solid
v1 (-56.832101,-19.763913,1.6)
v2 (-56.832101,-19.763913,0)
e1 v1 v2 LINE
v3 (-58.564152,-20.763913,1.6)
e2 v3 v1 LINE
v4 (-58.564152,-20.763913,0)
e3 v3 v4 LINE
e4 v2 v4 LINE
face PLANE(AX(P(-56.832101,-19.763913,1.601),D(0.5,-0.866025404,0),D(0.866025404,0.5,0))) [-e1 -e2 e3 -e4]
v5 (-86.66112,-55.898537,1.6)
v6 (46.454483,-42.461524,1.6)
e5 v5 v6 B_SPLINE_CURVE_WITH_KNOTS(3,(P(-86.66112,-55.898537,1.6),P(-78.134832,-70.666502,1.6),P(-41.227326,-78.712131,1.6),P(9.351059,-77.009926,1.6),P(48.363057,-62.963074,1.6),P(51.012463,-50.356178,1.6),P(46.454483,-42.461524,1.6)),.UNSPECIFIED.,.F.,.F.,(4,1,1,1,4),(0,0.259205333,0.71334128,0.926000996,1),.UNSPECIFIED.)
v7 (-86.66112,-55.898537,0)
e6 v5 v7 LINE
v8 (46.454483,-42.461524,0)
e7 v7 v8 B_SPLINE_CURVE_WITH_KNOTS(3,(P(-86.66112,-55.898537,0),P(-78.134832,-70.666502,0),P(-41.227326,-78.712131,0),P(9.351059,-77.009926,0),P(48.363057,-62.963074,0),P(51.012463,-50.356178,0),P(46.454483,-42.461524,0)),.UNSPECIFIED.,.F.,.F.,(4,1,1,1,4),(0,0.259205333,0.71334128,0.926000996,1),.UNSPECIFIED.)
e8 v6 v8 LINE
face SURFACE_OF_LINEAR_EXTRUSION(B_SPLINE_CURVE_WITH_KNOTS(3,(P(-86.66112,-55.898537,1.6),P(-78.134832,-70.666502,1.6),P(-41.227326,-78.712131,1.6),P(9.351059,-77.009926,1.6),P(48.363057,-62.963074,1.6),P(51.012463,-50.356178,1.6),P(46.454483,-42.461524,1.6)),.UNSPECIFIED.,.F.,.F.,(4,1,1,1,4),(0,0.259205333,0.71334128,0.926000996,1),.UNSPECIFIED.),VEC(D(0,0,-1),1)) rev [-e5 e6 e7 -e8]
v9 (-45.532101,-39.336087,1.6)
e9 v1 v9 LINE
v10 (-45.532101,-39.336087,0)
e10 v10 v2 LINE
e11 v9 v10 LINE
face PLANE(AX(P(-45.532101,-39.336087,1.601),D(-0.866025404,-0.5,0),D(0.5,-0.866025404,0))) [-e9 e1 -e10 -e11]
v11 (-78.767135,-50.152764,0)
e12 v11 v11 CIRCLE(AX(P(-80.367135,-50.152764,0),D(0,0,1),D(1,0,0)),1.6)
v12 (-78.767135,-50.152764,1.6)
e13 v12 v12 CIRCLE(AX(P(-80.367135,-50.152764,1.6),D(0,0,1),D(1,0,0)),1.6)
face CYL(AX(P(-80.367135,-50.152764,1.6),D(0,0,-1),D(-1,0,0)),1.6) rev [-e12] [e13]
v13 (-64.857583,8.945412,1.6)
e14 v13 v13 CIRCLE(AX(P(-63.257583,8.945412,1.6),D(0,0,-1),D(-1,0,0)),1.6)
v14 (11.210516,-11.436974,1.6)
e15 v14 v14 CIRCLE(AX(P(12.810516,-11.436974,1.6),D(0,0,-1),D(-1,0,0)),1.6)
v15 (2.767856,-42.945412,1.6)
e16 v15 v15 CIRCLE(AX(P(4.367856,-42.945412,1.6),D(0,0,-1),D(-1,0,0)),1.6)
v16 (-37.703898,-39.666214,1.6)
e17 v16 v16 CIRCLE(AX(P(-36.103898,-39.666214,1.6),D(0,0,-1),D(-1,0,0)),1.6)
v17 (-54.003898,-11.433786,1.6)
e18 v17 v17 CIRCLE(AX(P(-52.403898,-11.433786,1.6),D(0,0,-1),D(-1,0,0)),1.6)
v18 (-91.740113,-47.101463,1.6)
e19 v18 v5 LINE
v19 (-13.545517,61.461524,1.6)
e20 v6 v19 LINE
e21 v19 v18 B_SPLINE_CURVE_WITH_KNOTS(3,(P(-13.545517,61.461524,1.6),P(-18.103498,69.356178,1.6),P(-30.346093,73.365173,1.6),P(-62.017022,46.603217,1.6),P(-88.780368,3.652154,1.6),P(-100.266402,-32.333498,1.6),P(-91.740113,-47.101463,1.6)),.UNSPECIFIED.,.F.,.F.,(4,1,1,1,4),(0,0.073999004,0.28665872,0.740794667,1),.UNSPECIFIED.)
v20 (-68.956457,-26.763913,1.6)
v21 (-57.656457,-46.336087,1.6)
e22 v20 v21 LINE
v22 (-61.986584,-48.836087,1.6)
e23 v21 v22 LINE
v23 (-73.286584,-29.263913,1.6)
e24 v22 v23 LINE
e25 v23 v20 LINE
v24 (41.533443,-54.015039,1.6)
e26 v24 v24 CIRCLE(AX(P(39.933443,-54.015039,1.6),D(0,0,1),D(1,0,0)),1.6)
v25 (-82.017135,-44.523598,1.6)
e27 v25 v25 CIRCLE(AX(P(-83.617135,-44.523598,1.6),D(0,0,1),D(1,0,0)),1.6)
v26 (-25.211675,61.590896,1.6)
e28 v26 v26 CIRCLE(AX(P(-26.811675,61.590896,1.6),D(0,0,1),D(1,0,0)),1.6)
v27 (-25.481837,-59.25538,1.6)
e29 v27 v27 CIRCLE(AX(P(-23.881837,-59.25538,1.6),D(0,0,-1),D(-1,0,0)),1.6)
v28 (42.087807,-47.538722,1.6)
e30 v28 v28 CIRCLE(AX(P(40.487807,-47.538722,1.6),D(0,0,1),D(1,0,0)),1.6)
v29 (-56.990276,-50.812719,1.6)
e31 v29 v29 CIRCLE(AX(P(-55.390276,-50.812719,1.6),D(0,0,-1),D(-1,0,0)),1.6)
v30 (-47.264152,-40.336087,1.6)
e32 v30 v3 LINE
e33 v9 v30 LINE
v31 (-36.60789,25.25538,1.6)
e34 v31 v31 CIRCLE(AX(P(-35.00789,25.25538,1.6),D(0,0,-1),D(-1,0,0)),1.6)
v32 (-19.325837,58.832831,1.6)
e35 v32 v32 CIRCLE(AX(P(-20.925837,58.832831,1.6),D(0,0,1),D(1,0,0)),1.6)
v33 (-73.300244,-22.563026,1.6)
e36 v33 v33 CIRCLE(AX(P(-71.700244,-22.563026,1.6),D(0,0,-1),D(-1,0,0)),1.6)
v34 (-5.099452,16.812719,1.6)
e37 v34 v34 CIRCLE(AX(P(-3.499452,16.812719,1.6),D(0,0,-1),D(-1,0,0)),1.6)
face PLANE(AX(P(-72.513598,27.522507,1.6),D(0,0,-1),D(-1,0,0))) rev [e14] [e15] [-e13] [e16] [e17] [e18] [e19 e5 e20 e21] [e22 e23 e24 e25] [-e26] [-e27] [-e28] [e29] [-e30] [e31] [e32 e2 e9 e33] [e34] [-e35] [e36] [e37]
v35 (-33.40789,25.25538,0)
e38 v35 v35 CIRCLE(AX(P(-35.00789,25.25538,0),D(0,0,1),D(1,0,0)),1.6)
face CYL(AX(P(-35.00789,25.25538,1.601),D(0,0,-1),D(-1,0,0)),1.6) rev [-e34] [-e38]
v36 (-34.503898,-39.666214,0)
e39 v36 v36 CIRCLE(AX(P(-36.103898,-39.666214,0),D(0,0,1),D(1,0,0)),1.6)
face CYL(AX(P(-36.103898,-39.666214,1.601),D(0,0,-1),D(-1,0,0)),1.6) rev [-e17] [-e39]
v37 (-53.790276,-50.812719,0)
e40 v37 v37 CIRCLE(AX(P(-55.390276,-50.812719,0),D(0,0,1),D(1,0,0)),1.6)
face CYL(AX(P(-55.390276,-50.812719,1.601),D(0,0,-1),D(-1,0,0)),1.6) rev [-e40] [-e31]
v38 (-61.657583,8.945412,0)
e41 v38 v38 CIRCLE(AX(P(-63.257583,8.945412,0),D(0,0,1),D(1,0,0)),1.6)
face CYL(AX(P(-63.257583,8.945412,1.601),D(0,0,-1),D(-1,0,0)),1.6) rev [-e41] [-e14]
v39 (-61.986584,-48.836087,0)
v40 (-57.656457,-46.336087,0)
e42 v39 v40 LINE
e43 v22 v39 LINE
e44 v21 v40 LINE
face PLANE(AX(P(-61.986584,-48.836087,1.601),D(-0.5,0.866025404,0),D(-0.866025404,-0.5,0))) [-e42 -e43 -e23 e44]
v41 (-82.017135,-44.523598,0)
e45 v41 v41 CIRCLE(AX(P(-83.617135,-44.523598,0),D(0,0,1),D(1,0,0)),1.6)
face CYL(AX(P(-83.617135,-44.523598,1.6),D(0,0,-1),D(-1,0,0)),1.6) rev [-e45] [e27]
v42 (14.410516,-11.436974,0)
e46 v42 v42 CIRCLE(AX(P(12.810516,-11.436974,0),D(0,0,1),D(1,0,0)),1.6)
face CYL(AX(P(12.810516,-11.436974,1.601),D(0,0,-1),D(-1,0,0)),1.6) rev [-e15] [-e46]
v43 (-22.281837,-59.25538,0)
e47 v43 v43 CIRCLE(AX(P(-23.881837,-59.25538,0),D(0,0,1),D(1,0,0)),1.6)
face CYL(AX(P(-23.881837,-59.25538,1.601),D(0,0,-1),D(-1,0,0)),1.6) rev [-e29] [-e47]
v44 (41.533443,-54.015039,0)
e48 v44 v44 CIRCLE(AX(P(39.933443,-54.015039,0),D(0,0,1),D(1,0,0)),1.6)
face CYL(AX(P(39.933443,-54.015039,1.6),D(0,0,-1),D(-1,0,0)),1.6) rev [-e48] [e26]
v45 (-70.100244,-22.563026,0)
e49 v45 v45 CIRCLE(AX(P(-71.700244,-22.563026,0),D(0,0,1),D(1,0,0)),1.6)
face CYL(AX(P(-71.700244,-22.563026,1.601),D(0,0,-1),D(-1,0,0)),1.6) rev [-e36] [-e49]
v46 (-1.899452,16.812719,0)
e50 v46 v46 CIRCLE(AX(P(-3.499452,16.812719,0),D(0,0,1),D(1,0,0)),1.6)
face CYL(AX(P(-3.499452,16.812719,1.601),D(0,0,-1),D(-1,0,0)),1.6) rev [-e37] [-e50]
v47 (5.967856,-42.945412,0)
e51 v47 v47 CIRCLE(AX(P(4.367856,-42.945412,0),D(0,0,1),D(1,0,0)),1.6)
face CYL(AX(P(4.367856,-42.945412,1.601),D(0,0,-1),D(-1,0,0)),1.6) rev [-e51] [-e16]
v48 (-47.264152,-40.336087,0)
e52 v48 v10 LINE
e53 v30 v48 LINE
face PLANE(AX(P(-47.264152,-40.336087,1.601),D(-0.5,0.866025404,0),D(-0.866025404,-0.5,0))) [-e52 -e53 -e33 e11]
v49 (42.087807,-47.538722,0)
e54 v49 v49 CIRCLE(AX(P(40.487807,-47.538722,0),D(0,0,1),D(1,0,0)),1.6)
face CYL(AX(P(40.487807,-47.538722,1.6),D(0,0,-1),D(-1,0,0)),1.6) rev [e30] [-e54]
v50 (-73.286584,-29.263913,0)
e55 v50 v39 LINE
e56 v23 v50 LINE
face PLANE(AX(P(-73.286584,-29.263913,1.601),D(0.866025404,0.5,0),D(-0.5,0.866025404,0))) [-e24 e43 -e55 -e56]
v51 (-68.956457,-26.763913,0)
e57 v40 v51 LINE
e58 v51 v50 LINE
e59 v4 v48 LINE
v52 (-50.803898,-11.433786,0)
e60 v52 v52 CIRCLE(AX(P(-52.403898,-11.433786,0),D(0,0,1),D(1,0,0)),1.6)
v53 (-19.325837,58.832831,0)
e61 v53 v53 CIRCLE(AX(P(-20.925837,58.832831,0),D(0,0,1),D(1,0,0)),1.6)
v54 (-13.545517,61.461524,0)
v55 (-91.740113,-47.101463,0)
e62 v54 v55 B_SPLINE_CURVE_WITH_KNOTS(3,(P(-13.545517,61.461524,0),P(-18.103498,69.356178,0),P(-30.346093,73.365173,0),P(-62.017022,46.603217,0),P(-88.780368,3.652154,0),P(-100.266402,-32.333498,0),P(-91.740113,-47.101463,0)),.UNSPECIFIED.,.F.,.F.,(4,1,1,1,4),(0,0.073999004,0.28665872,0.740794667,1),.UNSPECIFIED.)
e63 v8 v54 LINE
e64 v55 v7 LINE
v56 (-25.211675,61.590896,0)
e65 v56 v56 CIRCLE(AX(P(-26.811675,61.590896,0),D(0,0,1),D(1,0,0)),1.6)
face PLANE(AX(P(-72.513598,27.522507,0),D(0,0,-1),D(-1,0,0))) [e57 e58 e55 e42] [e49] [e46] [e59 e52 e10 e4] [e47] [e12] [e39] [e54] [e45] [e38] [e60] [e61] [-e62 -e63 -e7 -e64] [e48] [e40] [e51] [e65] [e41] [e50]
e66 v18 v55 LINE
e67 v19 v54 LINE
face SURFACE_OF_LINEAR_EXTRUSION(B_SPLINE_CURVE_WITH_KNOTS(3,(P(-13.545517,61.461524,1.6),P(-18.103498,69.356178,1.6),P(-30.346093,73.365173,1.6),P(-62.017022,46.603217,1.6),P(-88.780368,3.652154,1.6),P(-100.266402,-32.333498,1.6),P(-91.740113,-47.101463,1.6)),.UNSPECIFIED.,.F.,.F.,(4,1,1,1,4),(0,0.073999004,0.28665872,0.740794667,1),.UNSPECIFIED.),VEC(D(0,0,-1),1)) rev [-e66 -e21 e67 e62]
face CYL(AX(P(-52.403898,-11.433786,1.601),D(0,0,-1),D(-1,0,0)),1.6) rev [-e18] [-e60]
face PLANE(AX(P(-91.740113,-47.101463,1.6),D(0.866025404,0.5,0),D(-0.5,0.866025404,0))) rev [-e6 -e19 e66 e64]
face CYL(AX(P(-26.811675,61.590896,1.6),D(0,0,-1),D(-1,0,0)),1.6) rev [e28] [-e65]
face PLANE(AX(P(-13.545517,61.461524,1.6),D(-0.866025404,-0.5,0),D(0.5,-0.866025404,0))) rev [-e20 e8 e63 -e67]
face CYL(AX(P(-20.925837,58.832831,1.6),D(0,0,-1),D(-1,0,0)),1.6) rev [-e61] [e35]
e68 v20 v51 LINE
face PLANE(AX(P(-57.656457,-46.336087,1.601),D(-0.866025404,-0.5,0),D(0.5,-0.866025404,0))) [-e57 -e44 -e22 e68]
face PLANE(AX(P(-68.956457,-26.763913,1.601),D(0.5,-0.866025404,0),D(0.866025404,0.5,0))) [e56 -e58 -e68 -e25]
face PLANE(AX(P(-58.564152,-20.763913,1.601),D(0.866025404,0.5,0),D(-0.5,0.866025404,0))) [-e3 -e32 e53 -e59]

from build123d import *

# Parameters (mm, degrees)
SKETCH1_R         = 1.6
PLATE_DEPTH       = 1.6
MAST_REACH        = 125.511
SKETCH5_R         = 1.6
FLEX_SLOT_REACH   = 125.511
FLEX_SCREWS_REACH = 125.511
SKETCH8_R         = 1.6


with BuildPart() as part:
    # Sketch1 → Plate (new body)
    with BuildSketch(Plane.XY):
        with BuildLine():
            Line((-91.74011313, -47.101462966), (-86.661120049, -55.898537034))
            add(Edge.make_bspline(
                [(46.454482672, -42.461524227), (51.012463207, -50.356178094), (48.363057384, -62.963074023), (9.351058761, -77.00992556), (-41.227325625, -78.712130765), (-78.13483155, -70.666501915), (-86.661120049, -55.898537034)],
                knots=[0, 0, 0, 0, 0.073999004, 0.28665872, 0.740794667, 1, 1, 1, 1], degree=3))
            Line((46.454482672, -42.461524227), (-13.545517328, 61.461524227))
            add(Edge.make_bspline(
                [(-13.545517328, 61.461524227), (-18.103497863, 69.356178094), (-30.346092912, 73.365173311), (-62.017022498, 46.603217219), (-88.780367641, 3.652154061), (-100.26640163, -32.333498085), (-91.74011313, -47.101462966)],
                knots=[0, 0, 0, 0, 0.073999004, 0.28665872, 0.740794667, 1, 1, 1, 1], degree=3))
        make_face()
        with Locations((-26.811674635, 61.590895552)):
            Circle(SKETCH1_R, mode=Mode.SUBTRACT)
        with Locations((-20.925837478, 58.832830838)):
            Circle(SKETCH1_R, mode=Mode.SUBTRACT)
        with Locations((-83.617134672, -44.523598462)):
            Circle(SKETCH1_R, mode=Mode.SUBTRACT)
        with Locations((-80.367134672, -50.152763587)):
            Circle(SKETCH1_R, mode=Mode.SUBTRACT)
        with Locations((40.487807343, -47.53872227)):
            Circle(SKETCH1_R, mode=Mode.SUBTRACT)
        with Locations((39.933442873, -54.015039128)):
            Circle(SKETCH1_R, mode=Mode.SUBTRACT)
    extrude(amount=PLATE_DEPTH)

    # Sketch5 → Mast (cut, up to next)
    with BuildSketch(Plane.XY, mode=Mode.PRIVATE) as mast_sk1:
        with Locations(Location((-35.007890041, 25.255379992, 0), (0, 0, 180))):
            Circle(SKETCH5_R)
    mast_tool1 = extrude(mast_sk1.sketch, amount=MAST_REACH, mode=Mode.PRIVATE) & part.part
    # Sketch5 → Mast (cut, up to next)
    with BuildSketch(Plane.XY, mode=Mode.PRIVATE) as mast_sk2:
        with Locations(Location((-55.390275833, -50.812719363, 0), (0, 0, 180))):
            Circle(SKETCH5_R)
    mast_tool2 = extrude(mast_sk2.sketch, amount=MAST_REACH, mode=Mode.PRIVATE) & part.part
    # Sketch5 → Mast (cut, up to next)
    with BuildSketch(Plane.XY, mode=Mode.PRIVATE) as mast_sk3:
        with Locations(Location((-3.499451624, 16.812719363, 0), (0, 0, 180))):
            Circle(SKETCH5_R)
    mast_tool3 = extrude(mast_sk3.sketch, amount=MAST_REACH, mode=Mode.PRIVATE) & part.part
    # Sketch5 → Mast (cut, up to next)
    with BuildSketch(Plane.XY, mode=Mode.PRIVATE) as mast_sk4:
        with Locations(Location((12.810516263, -11.436973688, 0), (0, 0, 180))):
            Circle(SKETCH5_R)
    mast_tool4 = extrude(mast_sk4.sketch, amount=MAST_REACH, mode=Mode.PRIVATE) & part.part
    # Sketch5 → Mast (cut, up to next)
    with BuildSketch(Plane.XY, mode=Mode.PRIVATE) as mast_sk5:
        with Locations(Location((4.367855635, -42.945412104, 0), (0, 0, 180))):
            Circle(SKETCH5_R)
    mast_tool5 = extrude(mast_sk5.sketch, amount=MAST_REACH, mode=Mode.PRIVATE) & part.part
    # Sketch5 → Mast (cut, up to next)
    with BuildSketch(Plane.XY, mode=Mode.PRIVATE) as mast_sk6:
        with Locations(Location((-23.881837416, -59.255379992, 0), (0, 0, 180))):
            Circle(SKETCH5_R)
    mast_tool6 = extrude(mast_sk6.sketch, amount=MAST_REACH, mode=Mode.PRIVATE) & part.part
    # Sketch5 → Mast (cut, up to next)
    with BuildSketch(Plane.XY, mode=Mode.PRIVATE) as mast_sk7:
        with Locations(Location((-71.70024372, -22.563026312, 0), (0, 0, 180))):
            Circle(SKETCH5_R)
    mast_tool7 = extrude(mast_sk7.sketch, amount=MAST_REACH, mode=Mode.PRIVATE) & part.part
    # Sketch5 → Mast (cut, up to next)
    with BuildSketch(Plane.XY, mode=Mode.PRIVATE) as mast_sk8:
        with Locations(Location((-63.257583092, 8.945412104, 0), (0, 0, 180))):
            Circle(SKETCH5_R)
    mast_tool8 = extrude(mast_sk8.sketch, amount=MAST_REACH, mode=Mode.PRIVATE) & part.part
    add(mast_tool1.solids().sort_by_distance((-35.00789, 25.25538, 0))[0], mode=Mode.SUBTRACT)
    add(mast_tool2.solids().sort_by_distance((-55.390276, -50.812719, 0))[0], mode=Mode.SUBTRACT)
    add(mast_tool3.solids().sort_by_distance((-3.499452, 16.812719, 0))[0], mode=Mode.SUBTRACT)
    add(mast_tool4.solids().sort_by_distance((12.810516, -11.436974, 0))[0], mode=Mode.SUBTRACT)
    add(mast_tool5.solids().sort_by_distance((4.367856, -42.945412, 0))[0], mode=Mode.SUBTRACT)
    add(mast_tool6.solids().sort_by_distance((-23.881837, -59.25538, 0))[0], mode=Mode.SUBTRACT)
    add(mast_tool7.solids().sort_by_distance((-71.700244, -22.563026, 0))[0], mode=Mode.SUBTRACT)
    add(mast_tool8.solids().sort_by_distance((-63.257583, 8.945412, 0))[0], mode=Mode.SUBTRACT)

    # Sketch6 → Flex slot (cut, up to next)
    with BuildSketch(Plane.XY, mode=Mode.PRIVATE) as flex_slot_sk1:
        Polygon((-57.656457017, -46.336087063), (-68.956457017, -26.763912937), (-73.286584036, -29.263912937), (-61.986584036, -48.836087063), align=None)
    flex_slot_tool1 = extrude(flex_slot_sk1.sketch, amount=FLEX_SLOT_REACH, mode=Mode.PRIVATE) & part.part
    # Sketch6 → Flex slot (cut, up to next)
    with BuildSketch(Plane.XY, mode=Mode.PRIVATE) as flex_slot_sk2:
        Polygon((-56.832101364, -19.763912937), (-58.564152171, -20.763912937), (-47.264152171, -40.336087063), (-45.532101364, -39.336087063), align=None)
    flex_slot_tool2 = extrude(flex_slot_sk2.sketch, amount=FLEX_SLOT_REACH, mode=Mode.PRIVATE) & part.part
    add(flex_slot_tool1.solids().sort_by_distance((-65.471521, -37.8, 0))[0], mode=Mode.SUBTRACT)
    add(flex_slot_tool2.solids().sort_by_distance((-52.048127, -30.05, 0))[0], mode=Mode.SUBTRACT)

    # Sketch8 → Flex screws (cut, up to next)
    with BuildSketch(Plane.XY, mode=Mode.PRIVATE) as flex_screws_sk1:
        with Locations(Location((-36.103898133, -39.666214082, 0), (0, 0, 180))):
            Circle(SKETCH8_R)
    flex_screws_tool1 = extrude(flex_screws_sk1.sketch, amount=FLEX_SCREWS_REACH, mode=Mode.PRIVATE) & part.part
    # Sketch8 → Flex screws (cut, up to next)
    with BuildSketch(Plane.XY, mode=Mode.PRIVATE) as flex_screws_sk2:
        with Locations(Location((-52.403898133, -11.433785918, 0), (0, 0, 180))):
            Circle(SKETCH8_R)
    flex_screws_tool2 = extrude(flex_screws_sk2.sketch, amount=FLEX_SCREWS_REACH, mode=Mode.PRIVATE) & part.part
    add(flex_screws_tool1.solids().sort_by_distance((-36.103898, -39.666214, 0))[0], mode=Mode.SUBTRACT)
    add(flex_screws_tool2.solids().sort_by_distance((-52.403898, -11.433786, 0))[0], mode=Mode.SUBTRACT)


solid = part.part
